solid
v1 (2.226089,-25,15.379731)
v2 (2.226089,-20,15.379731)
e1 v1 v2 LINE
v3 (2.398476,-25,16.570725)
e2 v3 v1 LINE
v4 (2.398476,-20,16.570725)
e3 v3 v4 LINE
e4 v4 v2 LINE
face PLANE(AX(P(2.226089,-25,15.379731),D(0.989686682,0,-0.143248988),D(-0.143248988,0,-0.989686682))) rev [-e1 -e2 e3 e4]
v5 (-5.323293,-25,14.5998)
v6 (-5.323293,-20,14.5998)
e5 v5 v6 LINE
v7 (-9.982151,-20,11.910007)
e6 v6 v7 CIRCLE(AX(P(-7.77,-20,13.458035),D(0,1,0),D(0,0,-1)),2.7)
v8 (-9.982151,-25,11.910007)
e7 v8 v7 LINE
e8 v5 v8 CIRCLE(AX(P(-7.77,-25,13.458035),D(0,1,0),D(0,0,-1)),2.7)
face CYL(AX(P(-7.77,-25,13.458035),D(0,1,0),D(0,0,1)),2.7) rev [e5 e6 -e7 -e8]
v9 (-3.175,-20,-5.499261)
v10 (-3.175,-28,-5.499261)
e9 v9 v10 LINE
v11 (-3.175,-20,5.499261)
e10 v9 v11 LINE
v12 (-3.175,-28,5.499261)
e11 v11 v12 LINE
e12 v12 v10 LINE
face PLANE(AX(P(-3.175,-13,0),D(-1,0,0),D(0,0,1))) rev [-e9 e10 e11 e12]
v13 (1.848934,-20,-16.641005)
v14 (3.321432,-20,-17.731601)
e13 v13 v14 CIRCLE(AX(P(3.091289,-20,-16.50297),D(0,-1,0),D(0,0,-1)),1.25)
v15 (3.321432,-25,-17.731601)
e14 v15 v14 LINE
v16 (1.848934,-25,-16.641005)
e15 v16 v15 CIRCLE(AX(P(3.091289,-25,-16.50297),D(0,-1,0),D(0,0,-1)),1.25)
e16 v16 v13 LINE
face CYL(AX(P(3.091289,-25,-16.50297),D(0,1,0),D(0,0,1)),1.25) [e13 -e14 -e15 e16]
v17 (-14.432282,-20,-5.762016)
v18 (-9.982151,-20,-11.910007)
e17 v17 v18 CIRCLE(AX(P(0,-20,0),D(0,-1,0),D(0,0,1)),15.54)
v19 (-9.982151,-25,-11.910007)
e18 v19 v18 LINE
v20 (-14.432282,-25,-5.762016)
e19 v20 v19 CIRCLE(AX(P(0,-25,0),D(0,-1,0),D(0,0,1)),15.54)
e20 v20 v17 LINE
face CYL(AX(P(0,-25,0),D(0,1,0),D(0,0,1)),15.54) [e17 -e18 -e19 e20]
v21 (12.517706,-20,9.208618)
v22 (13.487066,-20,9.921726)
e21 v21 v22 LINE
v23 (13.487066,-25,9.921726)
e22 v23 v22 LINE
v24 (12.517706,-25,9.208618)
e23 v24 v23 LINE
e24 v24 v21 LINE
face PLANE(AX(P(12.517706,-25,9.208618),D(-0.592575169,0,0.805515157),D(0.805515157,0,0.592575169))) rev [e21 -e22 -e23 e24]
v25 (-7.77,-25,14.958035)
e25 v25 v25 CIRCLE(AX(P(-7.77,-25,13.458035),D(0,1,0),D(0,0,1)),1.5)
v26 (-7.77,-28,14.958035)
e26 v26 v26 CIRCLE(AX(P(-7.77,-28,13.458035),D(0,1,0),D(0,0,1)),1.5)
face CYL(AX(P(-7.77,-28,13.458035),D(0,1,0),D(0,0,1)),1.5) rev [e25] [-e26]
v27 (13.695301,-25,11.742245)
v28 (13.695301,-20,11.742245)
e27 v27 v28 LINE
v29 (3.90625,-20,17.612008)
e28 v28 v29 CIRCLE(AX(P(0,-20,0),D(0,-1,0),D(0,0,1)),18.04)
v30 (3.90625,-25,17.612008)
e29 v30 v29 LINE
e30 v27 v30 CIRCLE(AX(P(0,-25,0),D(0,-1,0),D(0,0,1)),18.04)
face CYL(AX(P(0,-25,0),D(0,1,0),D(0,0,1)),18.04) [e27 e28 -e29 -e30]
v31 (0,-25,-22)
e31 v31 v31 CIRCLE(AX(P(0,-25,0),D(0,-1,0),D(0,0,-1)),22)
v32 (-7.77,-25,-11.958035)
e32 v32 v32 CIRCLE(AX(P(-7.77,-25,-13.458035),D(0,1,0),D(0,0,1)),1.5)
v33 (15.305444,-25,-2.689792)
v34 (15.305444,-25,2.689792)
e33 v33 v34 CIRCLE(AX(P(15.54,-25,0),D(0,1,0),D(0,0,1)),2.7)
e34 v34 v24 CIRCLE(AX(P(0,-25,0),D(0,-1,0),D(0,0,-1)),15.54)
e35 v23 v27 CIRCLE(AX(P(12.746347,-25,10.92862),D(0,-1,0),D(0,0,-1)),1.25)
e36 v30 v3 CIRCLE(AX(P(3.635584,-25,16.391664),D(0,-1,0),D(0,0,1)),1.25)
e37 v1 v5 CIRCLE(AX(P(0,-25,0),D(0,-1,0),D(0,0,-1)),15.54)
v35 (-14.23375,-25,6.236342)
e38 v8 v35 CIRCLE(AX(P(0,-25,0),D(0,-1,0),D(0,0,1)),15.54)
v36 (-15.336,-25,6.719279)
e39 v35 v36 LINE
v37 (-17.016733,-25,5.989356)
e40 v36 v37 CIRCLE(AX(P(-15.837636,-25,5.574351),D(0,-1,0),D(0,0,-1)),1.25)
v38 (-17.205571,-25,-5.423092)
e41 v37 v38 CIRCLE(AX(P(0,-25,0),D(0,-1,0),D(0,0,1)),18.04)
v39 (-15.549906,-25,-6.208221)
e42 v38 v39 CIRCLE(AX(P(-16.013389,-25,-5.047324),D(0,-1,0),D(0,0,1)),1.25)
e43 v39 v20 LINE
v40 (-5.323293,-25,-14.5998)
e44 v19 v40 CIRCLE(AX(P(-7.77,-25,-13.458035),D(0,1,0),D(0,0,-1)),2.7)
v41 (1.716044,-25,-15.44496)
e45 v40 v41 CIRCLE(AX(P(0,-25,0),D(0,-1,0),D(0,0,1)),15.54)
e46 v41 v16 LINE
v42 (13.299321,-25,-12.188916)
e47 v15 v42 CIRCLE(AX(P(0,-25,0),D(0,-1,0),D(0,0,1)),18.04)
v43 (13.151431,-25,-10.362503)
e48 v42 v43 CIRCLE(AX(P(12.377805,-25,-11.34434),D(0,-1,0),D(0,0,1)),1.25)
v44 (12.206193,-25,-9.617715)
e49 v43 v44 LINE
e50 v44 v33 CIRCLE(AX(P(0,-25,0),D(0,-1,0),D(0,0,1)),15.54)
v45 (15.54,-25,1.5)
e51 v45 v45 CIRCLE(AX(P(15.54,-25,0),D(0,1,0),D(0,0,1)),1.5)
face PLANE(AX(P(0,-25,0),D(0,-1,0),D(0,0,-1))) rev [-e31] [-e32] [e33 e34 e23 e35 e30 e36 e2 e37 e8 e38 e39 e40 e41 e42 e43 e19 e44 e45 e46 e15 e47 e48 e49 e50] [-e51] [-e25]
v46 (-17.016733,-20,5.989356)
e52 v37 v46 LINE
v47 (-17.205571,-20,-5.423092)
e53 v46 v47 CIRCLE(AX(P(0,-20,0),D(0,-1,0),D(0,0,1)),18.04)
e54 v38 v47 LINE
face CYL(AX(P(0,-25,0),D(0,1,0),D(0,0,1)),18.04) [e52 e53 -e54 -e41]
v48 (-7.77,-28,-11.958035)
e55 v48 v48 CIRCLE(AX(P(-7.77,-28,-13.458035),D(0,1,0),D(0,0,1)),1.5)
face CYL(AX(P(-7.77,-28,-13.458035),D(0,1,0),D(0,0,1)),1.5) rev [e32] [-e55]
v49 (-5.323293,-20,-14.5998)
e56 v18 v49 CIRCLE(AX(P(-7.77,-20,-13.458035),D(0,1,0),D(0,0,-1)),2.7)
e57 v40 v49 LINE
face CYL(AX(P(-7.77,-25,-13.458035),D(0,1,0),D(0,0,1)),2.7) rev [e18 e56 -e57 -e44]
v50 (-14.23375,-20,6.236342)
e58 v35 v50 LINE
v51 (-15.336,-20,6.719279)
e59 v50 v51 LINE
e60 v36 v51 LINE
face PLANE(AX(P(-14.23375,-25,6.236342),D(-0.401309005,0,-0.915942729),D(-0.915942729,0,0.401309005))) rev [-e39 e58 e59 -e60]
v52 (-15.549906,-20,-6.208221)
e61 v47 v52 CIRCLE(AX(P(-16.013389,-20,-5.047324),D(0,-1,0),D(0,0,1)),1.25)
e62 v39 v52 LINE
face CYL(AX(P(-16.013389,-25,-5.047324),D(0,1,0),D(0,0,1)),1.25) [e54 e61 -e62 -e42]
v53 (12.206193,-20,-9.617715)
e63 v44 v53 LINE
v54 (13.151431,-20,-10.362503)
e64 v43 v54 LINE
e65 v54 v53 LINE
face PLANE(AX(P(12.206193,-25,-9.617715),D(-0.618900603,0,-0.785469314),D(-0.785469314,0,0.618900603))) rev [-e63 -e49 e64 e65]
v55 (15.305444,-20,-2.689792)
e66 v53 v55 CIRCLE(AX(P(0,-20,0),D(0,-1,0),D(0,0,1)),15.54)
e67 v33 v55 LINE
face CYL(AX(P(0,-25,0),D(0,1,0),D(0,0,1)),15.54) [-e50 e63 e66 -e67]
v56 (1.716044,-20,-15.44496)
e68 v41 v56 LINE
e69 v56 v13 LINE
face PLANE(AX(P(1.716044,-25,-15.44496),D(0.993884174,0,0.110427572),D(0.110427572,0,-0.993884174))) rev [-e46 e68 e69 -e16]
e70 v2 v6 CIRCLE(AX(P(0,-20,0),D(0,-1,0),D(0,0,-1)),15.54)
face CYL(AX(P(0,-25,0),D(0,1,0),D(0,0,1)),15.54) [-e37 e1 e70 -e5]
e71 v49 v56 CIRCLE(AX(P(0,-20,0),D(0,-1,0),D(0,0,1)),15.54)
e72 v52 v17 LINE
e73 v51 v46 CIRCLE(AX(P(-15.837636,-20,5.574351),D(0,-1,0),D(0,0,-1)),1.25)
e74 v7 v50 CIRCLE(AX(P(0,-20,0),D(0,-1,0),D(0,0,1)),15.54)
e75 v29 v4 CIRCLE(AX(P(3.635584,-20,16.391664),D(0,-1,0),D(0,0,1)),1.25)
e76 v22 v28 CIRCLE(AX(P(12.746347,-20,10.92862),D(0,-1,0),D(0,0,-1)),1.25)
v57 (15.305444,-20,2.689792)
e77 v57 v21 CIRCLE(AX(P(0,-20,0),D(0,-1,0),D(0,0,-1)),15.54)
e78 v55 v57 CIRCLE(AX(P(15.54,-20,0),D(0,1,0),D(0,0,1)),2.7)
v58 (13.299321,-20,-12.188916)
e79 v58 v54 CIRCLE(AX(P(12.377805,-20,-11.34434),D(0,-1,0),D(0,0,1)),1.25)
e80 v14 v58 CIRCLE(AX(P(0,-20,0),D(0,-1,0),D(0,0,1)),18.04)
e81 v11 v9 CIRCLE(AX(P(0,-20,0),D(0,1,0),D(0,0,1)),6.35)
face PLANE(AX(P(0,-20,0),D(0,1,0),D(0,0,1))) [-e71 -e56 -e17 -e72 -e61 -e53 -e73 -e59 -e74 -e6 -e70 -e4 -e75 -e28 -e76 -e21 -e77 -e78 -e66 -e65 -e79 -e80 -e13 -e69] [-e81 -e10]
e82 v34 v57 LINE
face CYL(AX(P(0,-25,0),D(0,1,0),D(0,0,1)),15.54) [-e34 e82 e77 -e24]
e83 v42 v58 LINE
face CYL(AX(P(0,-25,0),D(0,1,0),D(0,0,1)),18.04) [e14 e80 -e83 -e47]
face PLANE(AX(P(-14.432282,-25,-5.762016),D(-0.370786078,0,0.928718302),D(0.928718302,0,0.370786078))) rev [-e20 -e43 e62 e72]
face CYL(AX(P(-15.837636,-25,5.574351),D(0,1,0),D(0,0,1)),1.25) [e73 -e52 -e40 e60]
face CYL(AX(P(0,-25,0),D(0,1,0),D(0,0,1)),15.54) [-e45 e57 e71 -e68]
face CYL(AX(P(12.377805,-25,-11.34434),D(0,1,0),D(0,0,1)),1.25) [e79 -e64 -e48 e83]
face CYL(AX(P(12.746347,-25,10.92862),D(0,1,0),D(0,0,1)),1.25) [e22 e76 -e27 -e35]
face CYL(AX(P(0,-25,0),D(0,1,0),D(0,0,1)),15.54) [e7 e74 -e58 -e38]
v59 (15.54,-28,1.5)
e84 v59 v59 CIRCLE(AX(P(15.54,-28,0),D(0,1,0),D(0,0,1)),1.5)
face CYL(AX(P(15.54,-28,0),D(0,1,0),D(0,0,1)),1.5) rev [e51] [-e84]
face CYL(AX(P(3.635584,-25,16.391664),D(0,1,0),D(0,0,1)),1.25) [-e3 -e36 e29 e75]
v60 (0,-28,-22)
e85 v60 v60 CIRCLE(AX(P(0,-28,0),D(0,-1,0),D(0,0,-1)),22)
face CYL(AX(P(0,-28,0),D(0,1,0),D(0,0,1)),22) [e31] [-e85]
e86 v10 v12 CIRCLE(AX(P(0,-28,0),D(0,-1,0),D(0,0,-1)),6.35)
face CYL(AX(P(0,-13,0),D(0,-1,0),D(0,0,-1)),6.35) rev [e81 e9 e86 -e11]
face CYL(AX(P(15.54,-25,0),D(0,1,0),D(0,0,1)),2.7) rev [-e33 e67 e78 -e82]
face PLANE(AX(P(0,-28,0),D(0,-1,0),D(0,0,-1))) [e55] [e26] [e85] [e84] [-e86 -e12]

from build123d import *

# Parameters (mm, degrees)
SKETCH1_R           = 19.54
SKETCH1_R_2         = 15.54
BOSS_EXTRUDE1_DEPTH = 7.9
SKETCH1_3_R         = 2.7
BOSS_EXTRUDE2_DEPTH = 7.9
SKETCH1_4_R         = 1.5
CUT_EXTRUDE1_DEPTH  = 29.740793308
CUT_EXTRUDE2_DEPTH  = 29.740793308
SKETCH1_6_R         = 1.5
CUT_EXTRUDE5_DEPTH  = 3
CIRPATTERN1_COUNT   = 3
SKETCH2_R           = 26
SKETCH2_R_2         = 19.54
BOSS_EXTRUDE3_DEPTH = 7.9
CUT_EXTRUDE4_START  = 7.9
SKETCH2_3_R         = 22
SKETCH2_3_R_2       = 19.54
CUT_EXTRUDE4_DEPTH  = 3.14
CUT_EXTRUDE6_START  = 3
SKETCH2_4_R         = 22
CUT_EXTRUDE6_DEPTH  = 3
BOSS_EXTRUDE5_DEPTH = 5
SKETCH5_R           = 22
BOSS_EXTRUDE6_DEPTH = 3
SKETCH6_R           = 1.5
CUT_EXTRUDE7_DEPTH  = 3
CUT_EXTRUDE8_DEPTH  = 15


with BuildPart() as part:
    # Sketch1 → Boss-Extrude1 (new body)
    with BuildSketch(Plane(origin=(0, 0, 0), x_dir=(1, 0, 0), z_dir=(0, 1, 0))):
        with Locations(Location((0, 0, 0), (0, 0, 270))):
            Circle(SKETCH1_R)
        with Locations(Location((0, 0, 0), (0, 0, 270))):
            Circle(SKETCH1_R_2, mode=Mode.SUBTRACT)
    extrude(amount=BOSS_EXTRUDE1_DEPTH)

    # Sketch1<3> → Boss-Extrude2 (add)
    with BuildSketch(Plane(origin=(0, 0, 0), x_dir=(1, 0, 0), z_dir=(0, 1, 0))):
        with Locations((15.54, 0)):
            Circle(SKETCH1_3_R)
    boss_extrude2 = extrude(amount=BOSS_EXTRUDE2_DEPTH)

    # Sketch1<4> → Cut-Extrude1 (cut, symmetric)
    with BuildSketch(Plane(origin=(0, 0, 0), x_dir=(1, 0, 0), z_dir=(0, 1, 0))):
        with Locations(Location((15.54, 0, 0), (0, 0, 270))):
            Circle(SKETCH1_4_R)
    cut_extrude1 = extrude(amount=CUT_EXTRUDE1_DEPTH, both=True, mode=Mode.SUBTRACT)

    # Sketch1<5> → Cut-Extrude2 (cut, symmetric)
    with BuildSketch(Plane(origin=(0, 0, 0), x_dir=(1, 0, 0), z_dir=(0, 1, 0))):
        with BuildLine():
            Line((1.84893352, 16.641004923), (1.716044464, 15.444960065))
            ThreePointArc((1.716044464, 15.444960065), (7.546281877, 13.584742538), (12.206193142, 9.617715372))
            Line((12.206193142, 9.617715372), (13.151430585, 10.362503249))
            ThreePointArc((13.151430585, 10.362503249), (13.623726964, 11.24345363), (13.299320972, 12.188915525))
            ThreePointArc((13.299320972, 12.188915525), (8.760291222, 15.770190161), (3.321432407, 17.731601359))
            ThreePointArc((3.321432407, 17.731601359), (2.347317501, 17.507463762), (1.84893352, 16.641004923))
        make_face()
    cut_extrude2 = extrude(amount=CUT_EXTRUDE2_DEPTH, both=True, mode=Mode.SUBTRACT)

    # Sketch1<6> → Cut-Extrude5 (cut)
    with BuildSketch(Plane(origin=(0, 0, 0), x_dir=(1, 0, 0), z_dir=(0, 1, 0))):
        with BuildLine():
            Line((13.541549805, -7.623518144), (14.590196156, -8.213877046))
            ThreePointArc((14.590196156, -8.213877046), (15.584628409, -8.315079224), (16.335293585, -7.655049543))
            ThreePointArc((16.335293585, -7.655049543), (17.48108114, -4.455715676), (18.006537967, -1.098267026))
            ThreePointArc((18.006537967, -1.098267026), (18.24, 0), (18.006537967, 1.098267026))
            ThreePointArc((18.006537967, 1.098267026), (17.48108114, 4.455715676), (16.335293585, 7.655049543))
            ThreePointArc((16.335293585, 7.655049543), (15.584628409, 8.315079224), (14.590196156, 8.213877046))
            Line((14.590196156, 8.213877046), (13.541549805, 7.623518144))
            ThreePointArc((13.541549805, 7.623518144), (14.632931196, 5.231531765), (15.305444015, 2.689792462))
            ThreePointArc((15.305444015, 2.689792462), (12.84, 0), (15.305444015, -2.689792462))
            ThreePointArc((15.305444015, -2.689792462), (14.632931196, -5.231531765), (13.541549805, -7.623518144))
        make_face()
        with Locations(Location((15.54, 0, 0), (0, 0, 270))):
            Circle(SKETCH1_6_R, mode=Mode.SUBTRACT)
    cut_extrude5 = extrude(amount=CUT_EXTRUDE5_DEPTH, mode=Mode.SUBTRACT)

    # CirPattern1: Boss-Extrude2, Cut-Extrude1, Cut-Extrude2, Cut-Extrude5 ×3 about axis
    cirpattern1_axis = Axis((0, 0, 0), (0, 1, 0))
    add([boss_extrude2.rotate(cirpattern1_axis, i * 360 / CIRPATTERN1_COUNT) for i in range(1, CIRPATTERN1_COUNT)])
    add([cut_extrude1.rotate(cirpattern1_axis, i * 360 / CIRPATTERN1_COUNT) for i in range(1, CIRPATTERN1_COUNT)], mode=Mode.SUBTRACT)
    add([cut_extrude2.rotate(cirpattern1_axis, i * 360 / CIRPATTERN1_COUNT) for i in range(1, CIRPATTERN1_COUNT)], mode=Mode.SUBTRACT)
    add([cut_extrude5.rotate(cirpattern1_axis, i * 360 / CIRPATTERN1_COUNT) for i in range(1, CIRPATTERN1_COUNT)], mode=Mode.SUBTRACT)

    # Sketch2 → Boss-Extrude3 (add)
    with BuildSketch(Plane(origin=(0, 0, 0), x_dir=(1, 0, 0), z_dir=(0, 1, 0))):
        with Locations(Location((0, 0, 0), (0, 0, 270))):
            Circle(SKETCH2_R)
        Circle(SKETCH2_R_2, mode=Mode.SUBTRACT)
    extrude(amount=BOSS_EXTRUDE3_DEPTH)

    # Sketch2<3> → Cut-Extrude4 (cut)
    with BuildSketch(Plane(origin=(0, 0, 0), x_dir=(1, 0, 0), z_dir=(0, 1, 0)).offset(CUT_EXTRUDE4_START)):
        with Locations(Location((0, 0, 0), (0, 0, 270))):
            Circle(SKETCH2_3_R)
        with Locations(Location((0, 0, 0), (0, 0, 270))):
            Circle(SKETCH2_3_R_2, mode=Mode.SUBTRACT)
    extrude(amount=-CUT_EXTRUDE4_DEPTH, mode=Mode.SUBTRACT)

    # Sketch2<4> → Cut-Extrude6 (cut)
    with BuildSketch(Plane(origin=(0, 0, 0), x_dir=(1, 0, 0), z_dir=(0, 1, 0)).offset(CUT_EXTRUDE6_START)):
        with Locations(Location((0, 0, 0), (0, 0, 270))):
            Circle(SKETCH2_4_R)
    extrude(amount=-CUT_EXTRUDE6_DEPTH, mode=Mode.SUBTRACT)


with BuildPart() as body_2:
    # Sketch4 → Boss-Extrude5 (new body)
    with BuildSketch(Plane(origin=(0, -20, 0), x_dir=(-1, 0, 0), z_dir=(0, -1, 0))):
        with BuildLine():
            Line((14.432282409, 5.762015659), (15.549906352, 6.208221358))
            ThreePointArc((15.549906352, 6.208221358), (16.548980018, 6.176766972), (17.205570975, 5.423092055))
            ThreePointArc((17.205570975, 5.423092055), (18.037530912, -0.298460376), (17.016733405, -5.989355912))
            ThreePointArc((17.016733405, -5.989355912), (16.335567089, -6.72089531), (15.335999768, -6.719279063))
            Line((15.335999768, -6.719279063), (14.233750009, -6.236341932))
            ThreePointArc((14.233750009, -6.236341932), (12.435838525, -9.318879771), (9.982150611, -11.910007102))
            ThreePointArc((9.982150611, -11.910007102), (6.42, -11.119766185), (5.323293404, -14.599799565))
            ThreePointArc((5.323293404, -14.599799565), (1.596947601, -15.457728111), (-2.226089267, -15.379731031))
            Line((-2.226089267, -15.379731031), (-2.398475768, -16.570724607))
            ThreePointArc((-2.398475768, -16.570724607), (-2.925252898, -17.420220588), (-3.906250001, -17.612007578))
            ThreePointArc((-3.906250001, -17.612007578), (-9.277239724, -15.471729803), (-13.695301074, -11.742245462))
            ThreePointArc((-13.695301074, -11.742245462), (-13.988249619, -10.786568429), (-13.487066248, -9.92172586))
            Line((-13.487066248, -9.92172586), (-12.517705544, -9.208618132))
            ThreePointArc((-12.517705544, -9.208618132), (-14.288305879, -6.110312195), (-15.305444015, -2.689792462))
            ThreePointArc((-15.305444015, -2.689792462), (-12.84, 0), (-15.305444015, 2.689792462))
            ThreePointArc((-15.305444015, 2.689792462), (-14.18525903, 6.345866865), (-12.206193142, 9.617715372))
            Line((-12.206193142, 9.617715372), (-13.151430585, 10.362503249))
            ThreePointArc((-13.151430585, 10.362503249), (-13.62372712, 11.243453616), (-13.299320974, 12.188915524))
            ThreePointArc((-13.299320974, 12.188915524), (-8.760291188, 15.770190179), (-3.32143233, 17.731601374))
            ThreePointArc((-3.32143233, 17.731601374), (-2.347317469, 17.507463739), (-1.84893352, 16.641004923))
            Line((-1.84893352, 16.641004923), (-1.716044464, 15.444960065))
            ThreePointArc((-1.716044464, 15.444960065), (1.852467354, 15.429191965), (5.323293404, 14.599799565))
            ThreePointArc((5.323293404, 14.599799565), (6.42, 11.119766185), (9.982150611, 11.910007102))
            ThreePointArc((9.982150611, 11.910007102), (12.588311429, 9.111861247), (14.432282409, 5.762015659))
        make_face()
    extrude(amount=BOSS_EXTRUDE5_DEPTH)

    # Sketch5 → Boss-Extrude6 (add)
    with BuildSketch(Plane.XZ.offset(25)):
        with Locations(Location((0, 0, 0), (0, 0, 270))):
            Circle(SKETCH5_R)
    extrude(amount=BOSS_EXTRUDE6_DEPTH)

    # Sketch6 → Cut-Extrude7 (cut)
    with BuildSketch(Plane(origin=(0, -25, 0), x_dir=(1, 0, 0), z_dir=(0, 1, 0))):
        with Locations(Location((-7.77, 13.458034775, 0), (0, 0, 270))):
            Circle(SKETCH6_R)
        with Locations(Location((15.54, 0, 0), (0, 0, 270))):
            Circle(SKETCH6_R)
        with Locations(Location((-7.77, -13.458034775, 0), (0, 0, 270))):
            Circle(SKETCH6_R)
    extrude(amount=-CUT_EXTRUDE7_DEPTH, mode=Mode.SUBTRACT)

    # Sketch7 → Cut-Extrude8 (cut)
    with BuildSketch(Plane.XZ.offset(28)):
        with BuildLine():
            ThreePointArc((6.35, 0), (3.175, 5.499261314), (-3.175, 5.499261314))
            Line((-3.175, 5.499261314), (-3.175, -5.499261314))
            ThreePointArc((-3.175, -5.499261314), (3.175, -5.499261314), (6.35, 0))
        make_face()
    extrude(amount=-CUT_EXTRUDE8_DEPTH, mode=Mode.SUBTRACT)


solid = body_2.part
